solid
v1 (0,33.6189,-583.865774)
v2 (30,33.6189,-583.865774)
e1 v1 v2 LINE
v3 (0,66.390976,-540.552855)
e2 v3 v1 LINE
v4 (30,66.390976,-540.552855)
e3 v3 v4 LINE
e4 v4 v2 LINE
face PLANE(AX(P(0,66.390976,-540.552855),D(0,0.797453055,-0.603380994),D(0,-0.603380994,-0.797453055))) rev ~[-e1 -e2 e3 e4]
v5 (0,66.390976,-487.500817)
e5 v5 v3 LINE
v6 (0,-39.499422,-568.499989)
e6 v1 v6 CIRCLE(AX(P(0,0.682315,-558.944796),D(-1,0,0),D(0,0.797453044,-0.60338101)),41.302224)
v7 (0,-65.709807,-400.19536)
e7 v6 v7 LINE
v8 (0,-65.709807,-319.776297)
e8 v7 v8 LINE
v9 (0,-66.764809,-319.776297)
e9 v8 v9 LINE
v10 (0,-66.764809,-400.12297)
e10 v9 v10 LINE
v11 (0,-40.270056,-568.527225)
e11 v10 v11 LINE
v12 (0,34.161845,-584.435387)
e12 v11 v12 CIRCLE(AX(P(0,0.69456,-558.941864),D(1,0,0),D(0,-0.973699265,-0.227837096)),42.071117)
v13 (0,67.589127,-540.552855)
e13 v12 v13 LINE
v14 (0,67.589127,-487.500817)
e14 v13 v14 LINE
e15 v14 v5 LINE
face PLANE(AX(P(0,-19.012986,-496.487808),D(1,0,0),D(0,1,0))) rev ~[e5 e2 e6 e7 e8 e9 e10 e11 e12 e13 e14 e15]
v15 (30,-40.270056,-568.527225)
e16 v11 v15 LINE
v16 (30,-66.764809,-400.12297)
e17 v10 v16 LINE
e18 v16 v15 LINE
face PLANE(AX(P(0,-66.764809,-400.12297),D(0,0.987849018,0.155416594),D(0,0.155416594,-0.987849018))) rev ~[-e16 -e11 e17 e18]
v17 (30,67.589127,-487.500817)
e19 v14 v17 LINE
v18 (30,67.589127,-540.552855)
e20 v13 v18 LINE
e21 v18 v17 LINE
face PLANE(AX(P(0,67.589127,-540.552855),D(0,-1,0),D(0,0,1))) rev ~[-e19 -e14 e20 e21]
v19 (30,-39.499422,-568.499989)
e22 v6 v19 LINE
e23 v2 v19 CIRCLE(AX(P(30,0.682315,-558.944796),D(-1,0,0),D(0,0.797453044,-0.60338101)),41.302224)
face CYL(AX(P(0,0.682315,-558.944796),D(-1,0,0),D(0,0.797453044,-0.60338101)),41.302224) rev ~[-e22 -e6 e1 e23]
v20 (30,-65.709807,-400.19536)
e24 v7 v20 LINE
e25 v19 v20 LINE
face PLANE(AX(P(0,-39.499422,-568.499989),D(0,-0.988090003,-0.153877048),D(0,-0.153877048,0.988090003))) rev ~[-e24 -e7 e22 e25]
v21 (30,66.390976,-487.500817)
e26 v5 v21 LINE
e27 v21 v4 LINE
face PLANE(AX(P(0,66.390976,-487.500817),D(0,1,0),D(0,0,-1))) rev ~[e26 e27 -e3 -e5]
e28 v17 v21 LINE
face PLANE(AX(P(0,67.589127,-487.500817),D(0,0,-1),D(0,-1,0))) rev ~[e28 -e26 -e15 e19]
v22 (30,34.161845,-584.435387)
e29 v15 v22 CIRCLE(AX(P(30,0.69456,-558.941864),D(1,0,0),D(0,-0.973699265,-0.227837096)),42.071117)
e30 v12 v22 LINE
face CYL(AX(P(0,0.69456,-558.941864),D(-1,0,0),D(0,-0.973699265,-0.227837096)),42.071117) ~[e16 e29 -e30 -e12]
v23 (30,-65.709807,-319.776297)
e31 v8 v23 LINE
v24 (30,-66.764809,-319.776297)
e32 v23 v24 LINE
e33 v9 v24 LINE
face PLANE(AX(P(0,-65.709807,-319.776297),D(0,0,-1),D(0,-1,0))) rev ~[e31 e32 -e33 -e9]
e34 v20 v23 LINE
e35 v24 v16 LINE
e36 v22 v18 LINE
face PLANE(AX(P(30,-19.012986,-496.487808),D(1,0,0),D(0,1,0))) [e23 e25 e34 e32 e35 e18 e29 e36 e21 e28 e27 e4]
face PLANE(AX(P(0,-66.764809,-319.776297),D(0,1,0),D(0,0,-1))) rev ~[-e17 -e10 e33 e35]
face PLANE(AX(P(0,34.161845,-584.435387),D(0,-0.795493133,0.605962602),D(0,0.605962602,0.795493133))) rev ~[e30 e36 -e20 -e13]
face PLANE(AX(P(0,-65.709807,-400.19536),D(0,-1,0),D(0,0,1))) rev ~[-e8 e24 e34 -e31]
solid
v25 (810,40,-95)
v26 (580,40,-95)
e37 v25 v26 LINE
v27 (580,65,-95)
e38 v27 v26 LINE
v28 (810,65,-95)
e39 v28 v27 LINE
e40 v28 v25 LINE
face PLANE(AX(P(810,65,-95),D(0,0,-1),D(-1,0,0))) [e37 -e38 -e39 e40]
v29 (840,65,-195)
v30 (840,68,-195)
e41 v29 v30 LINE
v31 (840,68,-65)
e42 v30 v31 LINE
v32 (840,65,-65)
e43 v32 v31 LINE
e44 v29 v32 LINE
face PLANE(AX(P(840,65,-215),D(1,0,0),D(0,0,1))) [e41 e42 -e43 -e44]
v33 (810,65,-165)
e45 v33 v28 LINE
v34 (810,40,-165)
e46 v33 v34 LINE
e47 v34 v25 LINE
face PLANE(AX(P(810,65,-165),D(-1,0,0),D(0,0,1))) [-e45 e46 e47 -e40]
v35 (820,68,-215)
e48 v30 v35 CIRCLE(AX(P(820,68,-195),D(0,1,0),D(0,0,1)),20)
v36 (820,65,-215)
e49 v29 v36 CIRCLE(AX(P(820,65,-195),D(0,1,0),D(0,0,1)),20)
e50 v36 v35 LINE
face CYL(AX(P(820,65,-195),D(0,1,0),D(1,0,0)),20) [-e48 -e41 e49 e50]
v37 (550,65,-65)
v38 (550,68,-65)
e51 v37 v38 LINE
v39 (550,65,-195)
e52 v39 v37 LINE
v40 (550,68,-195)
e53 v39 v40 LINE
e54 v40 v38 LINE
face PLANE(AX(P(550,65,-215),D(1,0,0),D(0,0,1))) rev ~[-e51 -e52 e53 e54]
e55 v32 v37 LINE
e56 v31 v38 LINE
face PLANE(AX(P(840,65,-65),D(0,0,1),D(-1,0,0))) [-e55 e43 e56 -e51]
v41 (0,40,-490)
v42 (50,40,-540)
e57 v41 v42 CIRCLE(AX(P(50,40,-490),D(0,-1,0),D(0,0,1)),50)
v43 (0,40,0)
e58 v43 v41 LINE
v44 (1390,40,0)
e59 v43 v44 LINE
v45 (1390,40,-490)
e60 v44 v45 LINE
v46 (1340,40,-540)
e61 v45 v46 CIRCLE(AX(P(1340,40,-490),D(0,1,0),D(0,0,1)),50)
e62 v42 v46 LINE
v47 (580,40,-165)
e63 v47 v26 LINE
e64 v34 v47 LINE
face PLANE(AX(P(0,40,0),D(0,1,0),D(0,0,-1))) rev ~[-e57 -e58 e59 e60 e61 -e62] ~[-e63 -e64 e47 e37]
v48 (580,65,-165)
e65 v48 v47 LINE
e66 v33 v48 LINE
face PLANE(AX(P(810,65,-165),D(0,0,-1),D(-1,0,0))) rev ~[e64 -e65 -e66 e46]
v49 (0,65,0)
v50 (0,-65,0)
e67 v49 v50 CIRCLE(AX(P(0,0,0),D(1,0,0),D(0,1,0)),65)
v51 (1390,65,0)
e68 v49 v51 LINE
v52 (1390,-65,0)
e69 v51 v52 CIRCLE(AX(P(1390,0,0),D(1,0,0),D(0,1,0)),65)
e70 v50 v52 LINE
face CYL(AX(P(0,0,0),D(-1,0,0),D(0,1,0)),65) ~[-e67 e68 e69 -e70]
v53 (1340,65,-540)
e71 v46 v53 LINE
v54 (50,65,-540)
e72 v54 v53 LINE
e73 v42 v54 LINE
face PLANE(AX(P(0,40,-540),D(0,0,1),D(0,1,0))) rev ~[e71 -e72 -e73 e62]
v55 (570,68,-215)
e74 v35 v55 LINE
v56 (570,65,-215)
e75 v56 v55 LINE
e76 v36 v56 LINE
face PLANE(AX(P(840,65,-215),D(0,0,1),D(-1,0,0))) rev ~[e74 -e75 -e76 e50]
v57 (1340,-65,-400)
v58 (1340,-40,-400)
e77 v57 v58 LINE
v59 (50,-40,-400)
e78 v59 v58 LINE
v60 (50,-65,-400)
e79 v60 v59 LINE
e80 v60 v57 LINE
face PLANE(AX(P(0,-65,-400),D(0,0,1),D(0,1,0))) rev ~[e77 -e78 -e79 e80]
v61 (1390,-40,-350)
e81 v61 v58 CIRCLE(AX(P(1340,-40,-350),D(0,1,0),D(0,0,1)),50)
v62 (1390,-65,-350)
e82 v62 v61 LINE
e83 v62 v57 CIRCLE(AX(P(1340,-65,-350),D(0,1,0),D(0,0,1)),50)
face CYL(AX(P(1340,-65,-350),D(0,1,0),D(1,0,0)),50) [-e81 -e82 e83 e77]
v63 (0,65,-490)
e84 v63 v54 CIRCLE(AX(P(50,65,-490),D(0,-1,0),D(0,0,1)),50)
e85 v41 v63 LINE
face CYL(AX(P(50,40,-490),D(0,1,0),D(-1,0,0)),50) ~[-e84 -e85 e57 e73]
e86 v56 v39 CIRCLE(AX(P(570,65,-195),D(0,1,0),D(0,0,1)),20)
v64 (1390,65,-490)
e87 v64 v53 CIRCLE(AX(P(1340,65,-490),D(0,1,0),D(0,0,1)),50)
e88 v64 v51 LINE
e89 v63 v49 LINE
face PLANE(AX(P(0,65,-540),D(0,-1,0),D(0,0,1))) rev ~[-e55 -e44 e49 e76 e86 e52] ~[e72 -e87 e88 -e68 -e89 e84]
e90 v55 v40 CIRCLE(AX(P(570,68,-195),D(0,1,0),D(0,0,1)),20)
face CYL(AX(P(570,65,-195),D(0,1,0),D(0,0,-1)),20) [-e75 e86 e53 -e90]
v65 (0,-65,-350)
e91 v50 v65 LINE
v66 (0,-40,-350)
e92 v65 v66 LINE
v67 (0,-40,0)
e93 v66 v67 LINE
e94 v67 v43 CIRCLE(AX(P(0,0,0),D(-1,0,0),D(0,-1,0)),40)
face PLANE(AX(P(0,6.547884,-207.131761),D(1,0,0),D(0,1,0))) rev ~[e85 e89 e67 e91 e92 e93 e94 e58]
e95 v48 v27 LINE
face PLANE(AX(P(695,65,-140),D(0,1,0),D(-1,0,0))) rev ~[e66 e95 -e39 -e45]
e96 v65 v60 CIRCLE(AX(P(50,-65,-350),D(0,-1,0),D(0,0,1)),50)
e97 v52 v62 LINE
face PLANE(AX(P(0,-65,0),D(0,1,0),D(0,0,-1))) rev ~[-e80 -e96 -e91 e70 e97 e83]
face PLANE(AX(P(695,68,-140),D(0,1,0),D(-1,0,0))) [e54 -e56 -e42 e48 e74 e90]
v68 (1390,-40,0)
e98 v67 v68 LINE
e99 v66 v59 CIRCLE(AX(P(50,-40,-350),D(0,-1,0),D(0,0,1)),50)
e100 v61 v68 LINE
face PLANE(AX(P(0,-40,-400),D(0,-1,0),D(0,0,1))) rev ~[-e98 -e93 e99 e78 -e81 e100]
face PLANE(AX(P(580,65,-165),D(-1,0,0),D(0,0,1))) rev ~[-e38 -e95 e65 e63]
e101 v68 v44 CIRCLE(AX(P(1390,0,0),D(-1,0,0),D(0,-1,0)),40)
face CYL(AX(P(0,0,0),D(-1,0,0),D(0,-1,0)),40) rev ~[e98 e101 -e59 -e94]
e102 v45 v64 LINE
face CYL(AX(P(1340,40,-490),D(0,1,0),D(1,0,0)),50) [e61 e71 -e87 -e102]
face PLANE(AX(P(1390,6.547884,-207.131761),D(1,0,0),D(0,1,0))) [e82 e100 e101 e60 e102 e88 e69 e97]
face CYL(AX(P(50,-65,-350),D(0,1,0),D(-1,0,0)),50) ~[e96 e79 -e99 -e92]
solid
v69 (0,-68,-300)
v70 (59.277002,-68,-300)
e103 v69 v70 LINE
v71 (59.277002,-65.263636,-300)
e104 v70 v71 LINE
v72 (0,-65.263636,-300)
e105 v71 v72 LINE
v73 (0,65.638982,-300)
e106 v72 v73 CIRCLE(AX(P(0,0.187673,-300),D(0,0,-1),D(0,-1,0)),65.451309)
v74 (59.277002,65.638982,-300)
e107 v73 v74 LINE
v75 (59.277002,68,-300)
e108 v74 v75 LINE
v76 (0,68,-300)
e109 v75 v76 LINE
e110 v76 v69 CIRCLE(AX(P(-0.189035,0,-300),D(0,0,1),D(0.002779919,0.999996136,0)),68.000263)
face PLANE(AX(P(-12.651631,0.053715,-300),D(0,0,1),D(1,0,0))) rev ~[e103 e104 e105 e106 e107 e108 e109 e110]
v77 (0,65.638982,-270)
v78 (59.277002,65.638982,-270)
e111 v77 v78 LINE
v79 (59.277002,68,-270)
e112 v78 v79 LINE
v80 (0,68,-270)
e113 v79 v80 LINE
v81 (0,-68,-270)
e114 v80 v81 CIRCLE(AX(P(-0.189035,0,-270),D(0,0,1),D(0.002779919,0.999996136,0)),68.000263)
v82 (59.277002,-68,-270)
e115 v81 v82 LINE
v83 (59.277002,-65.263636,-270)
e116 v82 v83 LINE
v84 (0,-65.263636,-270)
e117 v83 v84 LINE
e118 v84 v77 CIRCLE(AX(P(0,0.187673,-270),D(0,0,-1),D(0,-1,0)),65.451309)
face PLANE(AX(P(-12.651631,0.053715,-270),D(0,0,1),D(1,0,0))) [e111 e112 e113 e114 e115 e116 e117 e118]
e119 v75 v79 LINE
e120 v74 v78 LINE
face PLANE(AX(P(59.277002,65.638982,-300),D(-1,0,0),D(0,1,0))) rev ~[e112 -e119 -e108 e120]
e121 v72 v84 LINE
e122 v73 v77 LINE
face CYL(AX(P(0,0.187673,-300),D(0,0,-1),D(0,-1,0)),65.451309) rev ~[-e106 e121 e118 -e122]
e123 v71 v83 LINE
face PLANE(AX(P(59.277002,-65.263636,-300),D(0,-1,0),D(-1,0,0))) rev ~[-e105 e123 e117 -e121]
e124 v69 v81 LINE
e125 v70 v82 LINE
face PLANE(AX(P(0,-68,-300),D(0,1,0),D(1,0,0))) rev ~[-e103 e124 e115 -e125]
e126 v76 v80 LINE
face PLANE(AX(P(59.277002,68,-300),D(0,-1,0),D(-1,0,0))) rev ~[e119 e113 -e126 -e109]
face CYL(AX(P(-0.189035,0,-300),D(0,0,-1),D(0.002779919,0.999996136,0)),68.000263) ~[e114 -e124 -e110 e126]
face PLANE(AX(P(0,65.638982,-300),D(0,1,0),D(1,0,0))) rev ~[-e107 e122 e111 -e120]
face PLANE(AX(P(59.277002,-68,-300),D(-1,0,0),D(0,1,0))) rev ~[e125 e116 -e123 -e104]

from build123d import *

# Parameters (mm, degrees)
F1_DEPTH  = 1390
F2_W      = 230
F2_H      = 70
F3_DEPTH  = 25
F4_R      = 50
F5_DEPTH  = 30
F8_DEPTH  = 30
F9_W      = 290
F9_H      = 150
F9_W_2    = 230
F9_H_2    = 70
F10_DEPTH = 3
F11_R     = 20


with BuildPart() as f1:
    # F0 (on Right) → F1 (new body)
    with BuildSketch(Plane.YZ):
        with BuildLine():
            ThreePointArc((65, 0), (0, 65), (-65, 0))
            Line((-65, 0), (-65, -400))
            Line((-65, -400), (-40, -400))
            Line((-40, -400), (-40, 0))
            ThreePointArc((-40, 0), (0, 40), (40, 0))
            Line((40, 0), (40, -540))
            Line((40, -540), (65, -540))
            Line((65, -540), (65, 0))
        make_face()
    extrude(amount=F1_DEPTH)

    # F2 (on face) → F3 (cut, through all)
    with BuildSketch(Plane(origin=(0, 65, 0), x_dir=(-1, 0, 0), z_dir=(0, 1, 0))):
        with Locations((-695, -130)):
            Rectangle(F2_W, F2_H)
    extrude(amount=-F3_DEPTH, mode=Mode.SUBTRACT)

    # F4
    f4_edges = [f1.edges().sort_by_distance(p)[0] for p in [
        (1390, 52.5, -540),
        (0, 52.5, -540),
        (0, -52.5, -400),
        (1390, -52.5, -400),
    ]]
    fillet(f4_edges, radius=F4_R)

    # F9 (on face) → F10 (join)
    with BuildSketch(Plane(origin=(0, 65, 0), x_dir=(-1, 0, 0), z_dir=(0, 1, 0))):
        with Locations((-695, -140)):
            Rectangle(F9_W, F9_H)
        with Locations((-695, -130)):
            Rectangle(F9_W_2, F9_H_2, mode=Mode.SUBTRACT)
        with Locations((-695, -130)):
            Rectangle(F9_W_2, F9_H_2)
    extrude(amount=F10_DEPTH)

    # F11
    f11_edges = [f1.edges().sort_by_distance(p)[0] for p in [
        (840, 66.5, -215),
        (550, 66.5, -215),
    ]]
    fillet(f11_edges, radius=F11_R)


with BuildPart() as f5:
    # F0 (on Right) → F5 (new body)
    with BuildSketch(Plane.YZ):
        with BuildLine():
            Line((67.589127, -487.500817), (66.390976, -487.500817))
            Line((66.390976, -487.500817), (66.390976, -540.552855))
            Line((66.390976, -540.552855), (33.6189, -583.865774))
            ThreePointArc((33.6189, -583.865774), (-7.811794, -599.364146), (-39.499422, -568.499989))
            Line((-39.499422, -568.499989), (-65.709807, -400.19536))
            Line((-65.709807, -400.19536), (-65.709807, -319.776297))
            Line((-65.709807, -319.776297), (-66.764809, -319.776297))
            Line((-66.764809, -319.776297), (-66.764809, -400.12297))
            Line((-66.764809, -400.12297), (-40.270056, -568.527225))
            ThreePointArc((-40.270056, -568.527225), (-8.098614, -600.083801), (34.161845, -584.435387))
            Line((34.161845, -584.435387), (67.589127, -540.552855))
            Line((67.589127, -540.552855), (67.589127, -487.500817))
        make_face()
    extrude(amount=F5_DEPTH)


with BuildPart() as f8:
    # F7 (on offset) → F8 (new body)
    with BuildSketch(Plane.XY.offset(-300)):
        with BuildLine():
            Line((59.277002, 65.638982), (59.277002, 68))
            Line((59.277002, 68), (0, 68))
            ThreePointArc((0, 68), (-68.189298, 0), (0, -68))
            Line((0, -68), (59.277002, -68))
            Line((59.277002, -68), (59.277002, -65.263636))
            Line((59.277002, -65.263636), (0, -65.263636))
            ThreePointArc((0, -65.263636), (-65.451309, 0.187673), (0, 65.638982))
            Line((0, 65.638982), (59.277002, 65.638982))
        make_face()
    extrude(amount=F8_DEPTH)


solid = Compound([f1.part, f5.part, f8.part])
